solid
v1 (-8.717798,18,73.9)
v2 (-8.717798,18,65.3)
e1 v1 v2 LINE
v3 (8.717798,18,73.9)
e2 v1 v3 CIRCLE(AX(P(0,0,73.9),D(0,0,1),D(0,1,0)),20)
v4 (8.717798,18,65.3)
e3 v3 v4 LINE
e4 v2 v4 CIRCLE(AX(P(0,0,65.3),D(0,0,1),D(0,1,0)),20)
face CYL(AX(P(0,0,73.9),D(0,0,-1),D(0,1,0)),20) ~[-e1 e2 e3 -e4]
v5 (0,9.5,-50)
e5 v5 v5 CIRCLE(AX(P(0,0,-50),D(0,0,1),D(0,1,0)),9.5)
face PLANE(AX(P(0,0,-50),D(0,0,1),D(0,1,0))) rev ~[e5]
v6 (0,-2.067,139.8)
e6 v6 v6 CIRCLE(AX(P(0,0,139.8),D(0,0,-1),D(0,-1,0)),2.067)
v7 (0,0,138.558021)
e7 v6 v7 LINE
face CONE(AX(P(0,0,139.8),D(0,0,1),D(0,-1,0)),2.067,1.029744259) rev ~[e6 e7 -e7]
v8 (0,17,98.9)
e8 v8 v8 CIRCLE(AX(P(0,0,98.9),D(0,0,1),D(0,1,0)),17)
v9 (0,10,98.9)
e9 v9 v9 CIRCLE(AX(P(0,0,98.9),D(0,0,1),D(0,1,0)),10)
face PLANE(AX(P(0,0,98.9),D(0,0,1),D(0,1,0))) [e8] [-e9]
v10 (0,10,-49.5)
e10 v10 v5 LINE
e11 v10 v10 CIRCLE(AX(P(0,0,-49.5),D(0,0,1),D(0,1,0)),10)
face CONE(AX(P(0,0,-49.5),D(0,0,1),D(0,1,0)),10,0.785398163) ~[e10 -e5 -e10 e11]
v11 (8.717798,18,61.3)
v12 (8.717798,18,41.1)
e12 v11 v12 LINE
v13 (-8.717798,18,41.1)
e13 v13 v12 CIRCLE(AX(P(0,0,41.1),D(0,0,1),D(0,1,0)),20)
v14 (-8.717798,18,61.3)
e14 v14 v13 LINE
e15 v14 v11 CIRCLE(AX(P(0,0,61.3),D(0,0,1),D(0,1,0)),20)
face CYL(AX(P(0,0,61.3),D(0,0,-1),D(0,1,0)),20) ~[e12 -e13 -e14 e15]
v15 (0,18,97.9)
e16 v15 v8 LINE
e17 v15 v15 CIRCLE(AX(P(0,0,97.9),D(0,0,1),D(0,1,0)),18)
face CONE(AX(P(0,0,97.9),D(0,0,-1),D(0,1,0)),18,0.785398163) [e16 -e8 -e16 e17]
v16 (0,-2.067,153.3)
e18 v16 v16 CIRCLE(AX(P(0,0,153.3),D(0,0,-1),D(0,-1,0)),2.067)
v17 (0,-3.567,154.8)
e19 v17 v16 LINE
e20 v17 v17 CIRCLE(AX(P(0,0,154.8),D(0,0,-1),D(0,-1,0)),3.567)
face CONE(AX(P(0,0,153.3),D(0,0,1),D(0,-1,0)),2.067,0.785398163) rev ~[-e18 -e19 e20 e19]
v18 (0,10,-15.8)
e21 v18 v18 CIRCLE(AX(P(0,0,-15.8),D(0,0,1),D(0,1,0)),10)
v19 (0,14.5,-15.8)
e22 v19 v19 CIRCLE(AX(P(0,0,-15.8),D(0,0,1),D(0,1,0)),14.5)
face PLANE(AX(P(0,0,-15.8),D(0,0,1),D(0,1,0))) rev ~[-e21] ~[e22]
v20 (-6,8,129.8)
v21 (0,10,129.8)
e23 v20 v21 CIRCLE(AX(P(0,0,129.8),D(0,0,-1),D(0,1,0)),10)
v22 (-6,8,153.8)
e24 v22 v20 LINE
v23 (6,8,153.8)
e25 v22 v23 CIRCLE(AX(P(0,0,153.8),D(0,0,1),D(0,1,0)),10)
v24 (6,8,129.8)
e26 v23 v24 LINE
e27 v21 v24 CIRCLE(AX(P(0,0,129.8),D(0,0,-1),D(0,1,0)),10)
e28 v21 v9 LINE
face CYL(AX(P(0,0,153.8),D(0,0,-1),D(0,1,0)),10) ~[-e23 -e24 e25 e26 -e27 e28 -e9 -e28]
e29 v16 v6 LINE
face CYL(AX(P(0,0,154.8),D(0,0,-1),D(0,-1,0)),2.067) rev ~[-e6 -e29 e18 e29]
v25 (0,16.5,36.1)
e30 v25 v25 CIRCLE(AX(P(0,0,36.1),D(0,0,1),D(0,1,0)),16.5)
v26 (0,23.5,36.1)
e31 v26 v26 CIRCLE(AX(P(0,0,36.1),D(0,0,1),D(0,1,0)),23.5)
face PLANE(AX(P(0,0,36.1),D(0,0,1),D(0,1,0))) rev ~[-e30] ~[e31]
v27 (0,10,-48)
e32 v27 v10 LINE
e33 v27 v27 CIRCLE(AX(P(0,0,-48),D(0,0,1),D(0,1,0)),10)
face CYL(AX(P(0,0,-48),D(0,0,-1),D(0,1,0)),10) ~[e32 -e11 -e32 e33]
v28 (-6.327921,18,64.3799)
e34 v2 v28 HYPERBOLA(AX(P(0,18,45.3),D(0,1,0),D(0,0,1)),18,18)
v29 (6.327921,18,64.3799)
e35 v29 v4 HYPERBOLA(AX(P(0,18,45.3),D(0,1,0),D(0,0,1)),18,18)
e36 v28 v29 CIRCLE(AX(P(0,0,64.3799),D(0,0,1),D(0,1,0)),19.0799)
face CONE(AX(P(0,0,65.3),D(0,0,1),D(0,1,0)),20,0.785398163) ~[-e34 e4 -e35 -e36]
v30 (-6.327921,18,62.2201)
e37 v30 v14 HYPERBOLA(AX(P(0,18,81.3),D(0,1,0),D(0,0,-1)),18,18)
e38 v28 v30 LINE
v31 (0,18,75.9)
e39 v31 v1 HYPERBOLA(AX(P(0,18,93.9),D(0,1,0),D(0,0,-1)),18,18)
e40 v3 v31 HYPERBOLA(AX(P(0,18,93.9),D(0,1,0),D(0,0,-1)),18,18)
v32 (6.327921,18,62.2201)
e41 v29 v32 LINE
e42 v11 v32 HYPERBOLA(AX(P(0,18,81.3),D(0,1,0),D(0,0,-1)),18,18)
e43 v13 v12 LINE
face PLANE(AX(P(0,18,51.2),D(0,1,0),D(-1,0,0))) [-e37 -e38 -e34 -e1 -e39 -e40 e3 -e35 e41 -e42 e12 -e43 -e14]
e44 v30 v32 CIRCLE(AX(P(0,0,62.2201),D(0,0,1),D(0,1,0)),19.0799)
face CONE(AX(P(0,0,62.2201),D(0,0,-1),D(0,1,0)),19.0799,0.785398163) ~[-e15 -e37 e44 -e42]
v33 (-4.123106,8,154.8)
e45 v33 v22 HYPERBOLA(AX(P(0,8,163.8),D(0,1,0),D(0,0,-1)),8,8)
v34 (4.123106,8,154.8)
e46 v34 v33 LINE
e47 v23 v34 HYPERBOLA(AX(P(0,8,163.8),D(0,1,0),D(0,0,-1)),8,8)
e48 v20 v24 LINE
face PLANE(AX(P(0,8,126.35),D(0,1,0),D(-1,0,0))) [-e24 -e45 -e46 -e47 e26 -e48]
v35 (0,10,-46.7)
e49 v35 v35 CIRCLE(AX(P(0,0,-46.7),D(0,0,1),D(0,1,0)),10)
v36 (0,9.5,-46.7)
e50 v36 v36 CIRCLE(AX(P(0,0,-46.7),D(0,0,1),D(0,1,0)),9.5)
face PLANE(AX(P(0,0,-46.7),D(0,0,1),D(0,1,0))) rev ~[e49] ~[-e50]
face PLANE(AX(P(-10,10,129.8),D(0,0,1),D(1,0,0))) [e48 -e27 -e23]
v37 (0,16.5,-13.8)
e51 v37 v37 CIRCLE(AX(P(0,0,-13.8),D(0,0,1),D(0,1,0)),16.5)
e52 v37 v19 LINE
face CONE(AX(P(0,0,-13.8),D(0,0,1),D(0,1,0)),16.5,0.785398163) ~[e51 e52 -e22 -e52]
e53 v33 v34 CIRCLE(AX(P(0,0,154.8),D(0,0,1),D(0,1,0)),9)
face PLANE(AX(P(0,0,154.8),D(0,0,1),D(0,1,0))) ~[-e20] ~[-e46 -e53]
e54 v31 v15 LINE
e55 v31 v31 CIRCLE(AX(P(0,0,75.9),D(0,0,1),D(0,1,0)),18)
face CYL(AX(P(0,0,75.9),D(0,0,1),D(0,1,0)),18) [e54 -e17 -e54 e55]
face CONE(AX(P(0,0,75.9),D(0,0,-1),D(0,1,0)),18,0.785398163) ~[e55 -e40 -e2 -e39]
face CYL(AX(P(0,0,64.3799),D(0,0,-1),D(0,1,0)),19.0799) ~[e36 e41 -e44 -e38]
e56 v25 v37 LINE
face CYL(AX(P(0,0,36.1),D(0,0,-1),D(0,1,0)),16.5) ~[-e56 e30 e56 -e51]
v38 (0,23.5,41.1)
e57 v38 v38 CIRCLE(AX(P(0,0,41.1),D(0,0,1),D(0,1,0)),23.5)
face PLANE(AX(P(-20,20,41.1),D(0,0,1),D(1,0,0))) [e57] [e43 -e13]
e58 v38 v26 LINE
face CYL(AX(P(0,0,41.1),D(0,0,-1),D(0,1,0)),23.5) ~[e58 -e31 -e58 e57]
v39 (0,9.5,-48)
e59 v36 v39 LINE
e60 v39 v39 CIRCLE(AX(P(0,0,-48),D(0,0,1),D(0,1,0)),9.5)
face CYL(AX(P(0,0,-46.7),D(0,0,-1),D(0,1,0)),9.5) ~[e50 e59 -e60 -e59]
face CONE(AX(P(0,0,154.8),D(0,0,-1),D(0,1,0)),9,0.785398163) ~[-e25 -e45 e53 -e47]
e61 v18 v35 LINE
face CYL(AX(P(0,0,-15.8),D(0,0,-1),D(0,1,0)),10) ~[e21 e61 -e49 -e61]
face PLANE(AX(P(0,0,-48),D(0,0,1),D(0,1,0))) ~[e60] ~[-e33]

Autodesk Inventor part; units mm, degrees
ref_plane "YZ Plane" through (0, 0, 0) normal (1, 0, 0) x (0, 1, 0)
ref_plane "XY Plane" through (0, 0, 0) normal (0, 0, 1) x (1, 0, 0)
sketch "Skizze1" plane through (0, 0, 0) normal (1, 0, 0) x (0, 1, 0)
  line L0 (0, 154.8) -> (9, 154.8)
  line L1 (9, 154.8) -> (10, 153.8)
  line L2 (10, 153.8) -> (10, 98.9)
  line L3 (18, 75.9) -> (20, 73.9)
  line L4 (20, 73.9) -> (20, 65.3)
  line L5 (20, 61.3) -> (20, 41.1)
  line L6 (20, 41.1) -> (23.5, 41.1)
  line L7 (23.5, 41.1) -> (23.5, 36.1)
  line L8 (23.5, 36.1) -> (16.5, 36.1)
  line L9 (16.5, 36.1) -> (16.5, -13.8)
  line L10 (10, -15.8) -> (10, -46.7)
  line L11 (10, -46.7) -> (9.5, -46.7)
  line L12 (9.5, -46.7) -> (9.5, -48)
  line L13 (9.5, -48) -> (10, -48)
  line L14 (10, -48) -> (10, -49.5)
  line L15 (10, -49.5) -> (9.5, -50)
  line L16 (9.5, -50) -> (0, -50)
  line L17 (0, -50) -> (0, 154.8)
  line L18 (14.5, -15.8) -> (10, -15.8)
  line L19 (16.5, -13.8) -> (14.5, -15.8)
  line L20 (0, 195.76) -> (0, -90.96) construction
  line L21 (-4.7, 0) -> (28.2, 0) construction
  line L22 (10, 98.9) -> (0, 98.9) construction
  line L23 (10, -15.8) -> (0, -15.8) construction
  line L24 (10, -46.7) -> (0, -46.7) construction
  line L25 (17, 98.9) -> (10, 98.9)
  line L26 (18, 75.9) -> (18, 97.9)
  line L27 (18, 97.9) -> (17, 98.9)
  line L28 (10, 129.8) -> (0, 129.8) construction
  circle A0 centre (20, 63.3) radius 2 construction
  line L29 (20, 65.3) -> (19.0799, 64.3799)
  line L30 (19.0799, 64.3799) -> (19.0799, 62.2201)
  line L31 (19.0799, 62.2201) -> (20, 61.3)
  line L32 (20, 63.3) -> (19.0799, 63.3) construction
  line L33 (18, 75.9) -> (18, 75.9)
  point P0 (0, 0)
  point P1 (18, 98.9)
  dimension "d4" = 45
  dimension "d6" = 1.3
  dimension "d9" = 23.5
  dimension "d11" = 5
  dimension "d19" = 45
  dimension "d21" = 2
  dimension "d22" = 1
  dimension "d34" = 0
  dimension "d35" = 50
  dimension "d36" = 45
  dimension "d87" = 114.7
  dimension "d88" = 0
  dimension "d89" = 30.9
  dimension "d90" = 19
  dimension "d91" = 20
  dimension "d119" = 20
  dimension "d120" = 1.5
  dimension "d122" = 1
  dimension "d123" = 1
  dimension "d124" = 33
  dimension "d125" = 40
  dimension "d126" = 30.9
  dimension "d127" = 25
  dimension "d135" = 78.9
  dimension "d139" = 91.5
  dimension "d140" = 113.7
  dimension "d141" = 22.2
  dimension "d142" = 45
  dimension "d143" = 45
  dimension "d144" = 38.1598
  dimension "d145" = 8.6
  dimension "d157" = 36
  dimension "d158" = 2
revolve "Umdrehung1" add sketch "Skizze1" angle 360 about axis through (0, 0, -50) along (0, 0, 1)
ref_plane "Wellennuttiefe_Arbeitsebene" through (0, 15, 51.2) normal (0, 1, 0) x (-1, 0, 0)
ref_plane "Arbeitsebene1" through (0, 20, 51.2) normal (0, 1, 0) x (-1, 0, 0)
sketch "Skizze2" plane through (0, 20, 51.2) normal (0, 1, 0) x (-1, 0, 0)
  line L0 (-23.5, -10.1) -> (23.5, -10.1) construction
  line L1 (0, 144.56) -> (0, -142.16) construction
  line L2 (20, 10.1) -> (20, -10.1) construction
  line L3 (-20, 10.1) -> (-20, -10.1) construction
  line L4 (-19.0799, 11.0201) -> (19.0799, 11.0201) construction
  line L5 (20, -10.1) -> (-20, -10.1)
  line L6 (-20, -10.1) -> (-20, 47.7)
  line L7 (-20, 47.7) -> (20, 47.7)
  line L8 (20, 47.7) -> (20, -10.1)
  line L9 (-16.5, 24.7) -> (16.5, 24.7) construction
  line L10 (-17, 47.7) -> (17, 47.7) construction
  point P0 (0, -51.2)
extrude "Passfeder_Ausnahme" cut sketch "Skizze2" against normal blind 2
thread "Gewinde1" size "M40x1.5" class "6g" standard "ISO Metric profile" full length
ref_plane "Arbeitsebene5" through (0, 10, 126.35) normal (0, 1, 0) x (-1, 0, 0)
sketch "Skizze7" plane through (0, 10, 126.35) normal (0, 1, 0) x (-1, 0, 0)
  line L0 (-10, -27.45) -> (10, -27.45) construction
  line L1 (10, 3.45) -> (-10, 3.45) construction
  line L2 (-10, -27.45) -> (10, -27.45) construction
  line L3 (0, -27.45) -> (0, 3.45) construction
  line L4 (10, 27.45) -> (10, -27.45) construction
  line L5 (-10, 27.45) -> (-10, -27.45) construction
  line L6 (-9, 28.45) -> (9, 28.45) construction
  line L7 (-17, -27.45) -> (17, -27.45) construction
  line L8 (0, 28.45) -> (0, 3.45) construction
  line L9 (10, 3.45) -> (-10, 3.45)
  line L10 (-10, 3.45) -> (-10, 28.45)
  line L11 (-10, 28.45) -> (10, 28.45)
  line L12 (10, 28.45) -> (10, 3.45)
  point P0 (0, -126.35)
  dimension "d100" = 30.9
  dimension "Flansch_Max_Connector_Lenght" = 25
ref_plane "Wellennuttiefe_Arbeitsebene_2" through (0, 6.5, 126.35) normal (0, 1, 0) x (-1, 0, 0)
extrude "Flachstelle_Flansch" cut sketch "Skizze7" against normal blind 2
sketch "Skizze9" plane through (0, 0, 154.8) normal (0, 0, 1) x (1, 0, 0)
  circle A0 centre (0, 0) radius 9 construction
  point P0 (0, 0)
hole "Bohrung1" at (0, 0, 154.8) direction (0, 0, -1) diameter 4.134 depth 15 tip angle 118 thread size "M5x0.8" class "6H" standard "ISO Metric profile"
chamfer "Fase4" distance 1.5 angle 45 1 edges at (0, 2.067, 154.8)
sketch "Skizze11" plane through (-25.5, 0, 153.8) normal (0, 0, 1) x (1, 0, 0)
  arc A0 (0, 0) -> (51, 0) centre (25.5, 0) ccw projected
  circle A1 centre (25.5, 0) radius 23.5 projected
  line L0 (0, -25.5) -> (51, -25.5)
  line L1 (51, -25.5) -> (51, 0)
  line L2 (0, -25.5) -> (0, 0)
  point P0 (25.5, 0)
  point P1 (25.5, -25.5)
sketch "Skizze12" plane through (0, 0, 153.8) normal (0, 0, 1) x (1, 0, 0)
  circle A0 centre (0, 0) radius 16.5 projected
  circle A1 centre (0, 0) radius 16.5 projected
  line L0 (-25.5, -25.5) -> (25.5, -25.5) projected
  line L1 (-10, 0) -> (-25.5, 0) projected
  line L2 (-25.5, 0) -> (-25.5, -25.5) projected
  line L3 (-25.5, -25.5) -> (25.5, -25.5) projected
  line L4 (25.5, -25.5) -> (25.5, 0) projected
  line L5 (10, 0) -> (25.5, 0) projected
  arc A2 (-10, 0) -> (10, 0) centre (0, 0) ccw projected
  circle A3 centre (0, 0) radius 15.7
  line L6 (-17, 0) -> (-10, 0) projected
  line L7 (-15.7, 0) -> (-15.7, -25.5)
  line L8 (-25.5, -25.5) -> (25.5, -25.5) projected
  line L9 (10, 0) -> (25.5, 0) projected
  line L10 (15.7, 0) -> (15.7, -25.5)
  point P0 (0, 0)
  point P1 (25.5, -25.5)
  point P2 (15.7, 0)
  point P3 (-15.7, 0)
  dimension "d155" = 0.8
sketch "Skizze10" plane through (0, 0, 0) normal (1, 0, 0) x (0, 1, 0)
  line L0 (-18, 75.9) -> (-18, 97.9) projected
  line L1 (-18, 97.9) -> (-17, 98.9) projected
  line L2 (-17, 98.9) -> (-10, 98.9) projected
  line L3 (-10, 98.9) -> (-10, 153.8) projected
  line L4 (-10, 153.8) -> (-9, 154.8) projected
  line L5 (-9, 154.8) -> (-3.567, 154.8) projected
  line L6 (-3.567, 154.8) -> (-2.067, 153.3) projected
  line L7 (-2.067, 153.3) -> (-2.067, 139.8) projected
  line L8 (-2.067, 139.8) -> (0, 138.558) projected
  line L9 (0, 138.558) -> (2.067, 139.8) projected
  line L10 (2.067, 139.8) -> (2.067, 153.3) projected
  line L11 (2.067, 153.3) -> (3.567, 154.8) projected
  line L12 (3.567, 154.8) -> (6.5, 154.8) projected
  line L13 (6.5, 154.8) -> (6.5, 129.8) projected
  line L14 (6.5, 129.8) -> (10, 129.8) projected
  line L15 (10, 129.8) -> (10, 98.9) projected
  line L16 (10, 98.9) -> (17, 98.9) projected
  line L17 (17, 98.9) -> (18, 97.9) projected
  line L18 (18, 97.9) -> (18, 75.9) projected
  line L19 (18, 75.9) -> (20, 73.9) projected
  line L20 (20, 73.9) -> (20, 65.3) projected
  line L21 (20, 65.3) -> (19.0799, 64.3799) projected
  line L22 (19.0799, 64.3799) -> (19.0799, 62.2201) projected
  line L23 (19.0799, 62.2201) -> (15, 62.2201) projected
  line L24 (15, 62.2201) -> (15, 41.1) projected
  line L25 (15, 41.1) -> (23.5, 41.1) projected
  line L26 (23.5, 41.1) -> (23.5, 36.1) projected
  line L27 (23.5, 36.1) -> (16.5, 36.1) projected
  line L28 (16.5, 36.1) -> (16.5, -13.8) projected
  line L29 (16.5, -13.8) -> (14.5, -15.8) projected
  line L30 (14.5, -15.8) -> (10, -15.8) projected
  line L31 (10, -15.8) -> (10, -46.7) projected
  line L32 (10, -46.7) -> (9.5, -46.7) projected
  line L33 (9.5, -46.7) -> (9.5, -48) projected
  line L34 (9.5, -48) -> (10, -48) projected
  line L35 (10, -48) -> (10, -49.5) projected
  line L36 (10, -49.5) -> (9.5, -50) projected
  line L37 (9.5, -50) -> (-9.5, -50) projected
  line L38 (-9.5, -50) -> (-10, -49.5) projected
  line L39 (-10, -49.5) -> (-10, -48) projected
  line L40 (-10, -48) -> (-9.5, -48) projected
  line L41 (-9.5, -48) -> (-9.5, -46.7) projected
  line L42 (-9.5, -46.7) -> (-10, -46.7) projected
  line L43 (-10, -46.7) -> (-10, -15.8) projected
  line L44 (-10, -15.8) -> (-14.5, -15.8) projected
  line L45 (-14.5, -15.8) -> (-16.5, -13.8) projected
  line L46 (-16.5, -13.8) -> (-16.5, 36.1) projected
  line L47 (-16.5, 36.1) -> (-23.5, 36.1) projected
  line L48 (-23.5, 36.1) -> (-23.5, 41.1) projected
  line L49 (-23.5, 41.1) -> (-20, 41.1) projected
  line L50 (-20, 41.1) -> (-20, 61.3) projected
  line L51 (-20, 61.3) -> (-19.0799, 62.2201) projected
  line L52 (-19.0799, 62.2201) -> (-19.0799, 64.3799) projected
  line L53 (-19.0799, 64.3799) -> (-20, 65.3) projected
  line L54 (-20, 65.3) -> (-20, 73.9) projected
  line L55 (-20, 73.9) -> (-18, 75.9) projected
  line L56 (-10, 153.8) -> (6.5, 153.8) projected
  line L57 (-10, 153.8) -> (-25.5, 153.8)
  line L58 (-25.5, 153.8) -> (-25.5, -13.8)
  line L59 (-16.5, 36.1) -> (-16.5, -13.8) projected
  line L60 (0, -90.96) -> (0, 195.76) projected
  line L61 (-20, 61.3) -> (-20, 41.1) projected
  line L62 (-25.5, -13.8) -> (-16.5, -13.8)
  point P0 (0, 0)
  point P1 (2.567, 153.8)
  point P2 (-2.567, 153.8)
  dimension "d154" = 2
equation "\"d100\" = MainAxis_Bearing_Fix2ScrewLimit_Dist + MainAxis_Bearing_Fix2Limit_Dist"
equation "\"d6\" = Sprengring_NutBreite"
equation "\"d87\" = -MainAxis_Bearing_Fix2ScrewLimit_Dist + Gestell_Lager_Distanz - MainAxis_Bearing_Fix2Limit_Dist"
equation "\"d89\" = MainAxis_Bearing_Fix2Limit_Dist + MainAxis_Bearing_Fix2ScrewLimit_Dist"
equation "\"d90\" = Sprengring_NutDurchmesser"
equation "\"d91\" = P204_ShaftDiameter"
equation "\"d119\" = P204_ShaftDiameter"
equation "\"Wellennuttiefe_20\" = 3.5"
equation "\"Nabennuttiefe_20\" = 2.8"
equation "\"Sprengring_NutBreite\" = 1.3"
equation "\"Sprengring_NutDurchmesser\" = 19"
equation "\"Nabennuttiefe_40\" = 3.3"
equation "\"Wellennuttiefe_40\" = 5"
equation "\"Passfeder_Width_20\" = 6"
equation "\"Passfeder_Width_40\" = 12"
equation "\"MainAxis_Bearing_Fix2ScrewLimit_Dist\" = 23.4"
equation "\"MainAxis_Bearing_Fix2Limit_Dist\" = 7.5"
equation "\"Gestell_Lager_Distanz\" = 145.6"
equation "\"P204_ShaftDiameter\" = 20"
properties part number "Welle_Flachstelle" material "Edelstahl"
